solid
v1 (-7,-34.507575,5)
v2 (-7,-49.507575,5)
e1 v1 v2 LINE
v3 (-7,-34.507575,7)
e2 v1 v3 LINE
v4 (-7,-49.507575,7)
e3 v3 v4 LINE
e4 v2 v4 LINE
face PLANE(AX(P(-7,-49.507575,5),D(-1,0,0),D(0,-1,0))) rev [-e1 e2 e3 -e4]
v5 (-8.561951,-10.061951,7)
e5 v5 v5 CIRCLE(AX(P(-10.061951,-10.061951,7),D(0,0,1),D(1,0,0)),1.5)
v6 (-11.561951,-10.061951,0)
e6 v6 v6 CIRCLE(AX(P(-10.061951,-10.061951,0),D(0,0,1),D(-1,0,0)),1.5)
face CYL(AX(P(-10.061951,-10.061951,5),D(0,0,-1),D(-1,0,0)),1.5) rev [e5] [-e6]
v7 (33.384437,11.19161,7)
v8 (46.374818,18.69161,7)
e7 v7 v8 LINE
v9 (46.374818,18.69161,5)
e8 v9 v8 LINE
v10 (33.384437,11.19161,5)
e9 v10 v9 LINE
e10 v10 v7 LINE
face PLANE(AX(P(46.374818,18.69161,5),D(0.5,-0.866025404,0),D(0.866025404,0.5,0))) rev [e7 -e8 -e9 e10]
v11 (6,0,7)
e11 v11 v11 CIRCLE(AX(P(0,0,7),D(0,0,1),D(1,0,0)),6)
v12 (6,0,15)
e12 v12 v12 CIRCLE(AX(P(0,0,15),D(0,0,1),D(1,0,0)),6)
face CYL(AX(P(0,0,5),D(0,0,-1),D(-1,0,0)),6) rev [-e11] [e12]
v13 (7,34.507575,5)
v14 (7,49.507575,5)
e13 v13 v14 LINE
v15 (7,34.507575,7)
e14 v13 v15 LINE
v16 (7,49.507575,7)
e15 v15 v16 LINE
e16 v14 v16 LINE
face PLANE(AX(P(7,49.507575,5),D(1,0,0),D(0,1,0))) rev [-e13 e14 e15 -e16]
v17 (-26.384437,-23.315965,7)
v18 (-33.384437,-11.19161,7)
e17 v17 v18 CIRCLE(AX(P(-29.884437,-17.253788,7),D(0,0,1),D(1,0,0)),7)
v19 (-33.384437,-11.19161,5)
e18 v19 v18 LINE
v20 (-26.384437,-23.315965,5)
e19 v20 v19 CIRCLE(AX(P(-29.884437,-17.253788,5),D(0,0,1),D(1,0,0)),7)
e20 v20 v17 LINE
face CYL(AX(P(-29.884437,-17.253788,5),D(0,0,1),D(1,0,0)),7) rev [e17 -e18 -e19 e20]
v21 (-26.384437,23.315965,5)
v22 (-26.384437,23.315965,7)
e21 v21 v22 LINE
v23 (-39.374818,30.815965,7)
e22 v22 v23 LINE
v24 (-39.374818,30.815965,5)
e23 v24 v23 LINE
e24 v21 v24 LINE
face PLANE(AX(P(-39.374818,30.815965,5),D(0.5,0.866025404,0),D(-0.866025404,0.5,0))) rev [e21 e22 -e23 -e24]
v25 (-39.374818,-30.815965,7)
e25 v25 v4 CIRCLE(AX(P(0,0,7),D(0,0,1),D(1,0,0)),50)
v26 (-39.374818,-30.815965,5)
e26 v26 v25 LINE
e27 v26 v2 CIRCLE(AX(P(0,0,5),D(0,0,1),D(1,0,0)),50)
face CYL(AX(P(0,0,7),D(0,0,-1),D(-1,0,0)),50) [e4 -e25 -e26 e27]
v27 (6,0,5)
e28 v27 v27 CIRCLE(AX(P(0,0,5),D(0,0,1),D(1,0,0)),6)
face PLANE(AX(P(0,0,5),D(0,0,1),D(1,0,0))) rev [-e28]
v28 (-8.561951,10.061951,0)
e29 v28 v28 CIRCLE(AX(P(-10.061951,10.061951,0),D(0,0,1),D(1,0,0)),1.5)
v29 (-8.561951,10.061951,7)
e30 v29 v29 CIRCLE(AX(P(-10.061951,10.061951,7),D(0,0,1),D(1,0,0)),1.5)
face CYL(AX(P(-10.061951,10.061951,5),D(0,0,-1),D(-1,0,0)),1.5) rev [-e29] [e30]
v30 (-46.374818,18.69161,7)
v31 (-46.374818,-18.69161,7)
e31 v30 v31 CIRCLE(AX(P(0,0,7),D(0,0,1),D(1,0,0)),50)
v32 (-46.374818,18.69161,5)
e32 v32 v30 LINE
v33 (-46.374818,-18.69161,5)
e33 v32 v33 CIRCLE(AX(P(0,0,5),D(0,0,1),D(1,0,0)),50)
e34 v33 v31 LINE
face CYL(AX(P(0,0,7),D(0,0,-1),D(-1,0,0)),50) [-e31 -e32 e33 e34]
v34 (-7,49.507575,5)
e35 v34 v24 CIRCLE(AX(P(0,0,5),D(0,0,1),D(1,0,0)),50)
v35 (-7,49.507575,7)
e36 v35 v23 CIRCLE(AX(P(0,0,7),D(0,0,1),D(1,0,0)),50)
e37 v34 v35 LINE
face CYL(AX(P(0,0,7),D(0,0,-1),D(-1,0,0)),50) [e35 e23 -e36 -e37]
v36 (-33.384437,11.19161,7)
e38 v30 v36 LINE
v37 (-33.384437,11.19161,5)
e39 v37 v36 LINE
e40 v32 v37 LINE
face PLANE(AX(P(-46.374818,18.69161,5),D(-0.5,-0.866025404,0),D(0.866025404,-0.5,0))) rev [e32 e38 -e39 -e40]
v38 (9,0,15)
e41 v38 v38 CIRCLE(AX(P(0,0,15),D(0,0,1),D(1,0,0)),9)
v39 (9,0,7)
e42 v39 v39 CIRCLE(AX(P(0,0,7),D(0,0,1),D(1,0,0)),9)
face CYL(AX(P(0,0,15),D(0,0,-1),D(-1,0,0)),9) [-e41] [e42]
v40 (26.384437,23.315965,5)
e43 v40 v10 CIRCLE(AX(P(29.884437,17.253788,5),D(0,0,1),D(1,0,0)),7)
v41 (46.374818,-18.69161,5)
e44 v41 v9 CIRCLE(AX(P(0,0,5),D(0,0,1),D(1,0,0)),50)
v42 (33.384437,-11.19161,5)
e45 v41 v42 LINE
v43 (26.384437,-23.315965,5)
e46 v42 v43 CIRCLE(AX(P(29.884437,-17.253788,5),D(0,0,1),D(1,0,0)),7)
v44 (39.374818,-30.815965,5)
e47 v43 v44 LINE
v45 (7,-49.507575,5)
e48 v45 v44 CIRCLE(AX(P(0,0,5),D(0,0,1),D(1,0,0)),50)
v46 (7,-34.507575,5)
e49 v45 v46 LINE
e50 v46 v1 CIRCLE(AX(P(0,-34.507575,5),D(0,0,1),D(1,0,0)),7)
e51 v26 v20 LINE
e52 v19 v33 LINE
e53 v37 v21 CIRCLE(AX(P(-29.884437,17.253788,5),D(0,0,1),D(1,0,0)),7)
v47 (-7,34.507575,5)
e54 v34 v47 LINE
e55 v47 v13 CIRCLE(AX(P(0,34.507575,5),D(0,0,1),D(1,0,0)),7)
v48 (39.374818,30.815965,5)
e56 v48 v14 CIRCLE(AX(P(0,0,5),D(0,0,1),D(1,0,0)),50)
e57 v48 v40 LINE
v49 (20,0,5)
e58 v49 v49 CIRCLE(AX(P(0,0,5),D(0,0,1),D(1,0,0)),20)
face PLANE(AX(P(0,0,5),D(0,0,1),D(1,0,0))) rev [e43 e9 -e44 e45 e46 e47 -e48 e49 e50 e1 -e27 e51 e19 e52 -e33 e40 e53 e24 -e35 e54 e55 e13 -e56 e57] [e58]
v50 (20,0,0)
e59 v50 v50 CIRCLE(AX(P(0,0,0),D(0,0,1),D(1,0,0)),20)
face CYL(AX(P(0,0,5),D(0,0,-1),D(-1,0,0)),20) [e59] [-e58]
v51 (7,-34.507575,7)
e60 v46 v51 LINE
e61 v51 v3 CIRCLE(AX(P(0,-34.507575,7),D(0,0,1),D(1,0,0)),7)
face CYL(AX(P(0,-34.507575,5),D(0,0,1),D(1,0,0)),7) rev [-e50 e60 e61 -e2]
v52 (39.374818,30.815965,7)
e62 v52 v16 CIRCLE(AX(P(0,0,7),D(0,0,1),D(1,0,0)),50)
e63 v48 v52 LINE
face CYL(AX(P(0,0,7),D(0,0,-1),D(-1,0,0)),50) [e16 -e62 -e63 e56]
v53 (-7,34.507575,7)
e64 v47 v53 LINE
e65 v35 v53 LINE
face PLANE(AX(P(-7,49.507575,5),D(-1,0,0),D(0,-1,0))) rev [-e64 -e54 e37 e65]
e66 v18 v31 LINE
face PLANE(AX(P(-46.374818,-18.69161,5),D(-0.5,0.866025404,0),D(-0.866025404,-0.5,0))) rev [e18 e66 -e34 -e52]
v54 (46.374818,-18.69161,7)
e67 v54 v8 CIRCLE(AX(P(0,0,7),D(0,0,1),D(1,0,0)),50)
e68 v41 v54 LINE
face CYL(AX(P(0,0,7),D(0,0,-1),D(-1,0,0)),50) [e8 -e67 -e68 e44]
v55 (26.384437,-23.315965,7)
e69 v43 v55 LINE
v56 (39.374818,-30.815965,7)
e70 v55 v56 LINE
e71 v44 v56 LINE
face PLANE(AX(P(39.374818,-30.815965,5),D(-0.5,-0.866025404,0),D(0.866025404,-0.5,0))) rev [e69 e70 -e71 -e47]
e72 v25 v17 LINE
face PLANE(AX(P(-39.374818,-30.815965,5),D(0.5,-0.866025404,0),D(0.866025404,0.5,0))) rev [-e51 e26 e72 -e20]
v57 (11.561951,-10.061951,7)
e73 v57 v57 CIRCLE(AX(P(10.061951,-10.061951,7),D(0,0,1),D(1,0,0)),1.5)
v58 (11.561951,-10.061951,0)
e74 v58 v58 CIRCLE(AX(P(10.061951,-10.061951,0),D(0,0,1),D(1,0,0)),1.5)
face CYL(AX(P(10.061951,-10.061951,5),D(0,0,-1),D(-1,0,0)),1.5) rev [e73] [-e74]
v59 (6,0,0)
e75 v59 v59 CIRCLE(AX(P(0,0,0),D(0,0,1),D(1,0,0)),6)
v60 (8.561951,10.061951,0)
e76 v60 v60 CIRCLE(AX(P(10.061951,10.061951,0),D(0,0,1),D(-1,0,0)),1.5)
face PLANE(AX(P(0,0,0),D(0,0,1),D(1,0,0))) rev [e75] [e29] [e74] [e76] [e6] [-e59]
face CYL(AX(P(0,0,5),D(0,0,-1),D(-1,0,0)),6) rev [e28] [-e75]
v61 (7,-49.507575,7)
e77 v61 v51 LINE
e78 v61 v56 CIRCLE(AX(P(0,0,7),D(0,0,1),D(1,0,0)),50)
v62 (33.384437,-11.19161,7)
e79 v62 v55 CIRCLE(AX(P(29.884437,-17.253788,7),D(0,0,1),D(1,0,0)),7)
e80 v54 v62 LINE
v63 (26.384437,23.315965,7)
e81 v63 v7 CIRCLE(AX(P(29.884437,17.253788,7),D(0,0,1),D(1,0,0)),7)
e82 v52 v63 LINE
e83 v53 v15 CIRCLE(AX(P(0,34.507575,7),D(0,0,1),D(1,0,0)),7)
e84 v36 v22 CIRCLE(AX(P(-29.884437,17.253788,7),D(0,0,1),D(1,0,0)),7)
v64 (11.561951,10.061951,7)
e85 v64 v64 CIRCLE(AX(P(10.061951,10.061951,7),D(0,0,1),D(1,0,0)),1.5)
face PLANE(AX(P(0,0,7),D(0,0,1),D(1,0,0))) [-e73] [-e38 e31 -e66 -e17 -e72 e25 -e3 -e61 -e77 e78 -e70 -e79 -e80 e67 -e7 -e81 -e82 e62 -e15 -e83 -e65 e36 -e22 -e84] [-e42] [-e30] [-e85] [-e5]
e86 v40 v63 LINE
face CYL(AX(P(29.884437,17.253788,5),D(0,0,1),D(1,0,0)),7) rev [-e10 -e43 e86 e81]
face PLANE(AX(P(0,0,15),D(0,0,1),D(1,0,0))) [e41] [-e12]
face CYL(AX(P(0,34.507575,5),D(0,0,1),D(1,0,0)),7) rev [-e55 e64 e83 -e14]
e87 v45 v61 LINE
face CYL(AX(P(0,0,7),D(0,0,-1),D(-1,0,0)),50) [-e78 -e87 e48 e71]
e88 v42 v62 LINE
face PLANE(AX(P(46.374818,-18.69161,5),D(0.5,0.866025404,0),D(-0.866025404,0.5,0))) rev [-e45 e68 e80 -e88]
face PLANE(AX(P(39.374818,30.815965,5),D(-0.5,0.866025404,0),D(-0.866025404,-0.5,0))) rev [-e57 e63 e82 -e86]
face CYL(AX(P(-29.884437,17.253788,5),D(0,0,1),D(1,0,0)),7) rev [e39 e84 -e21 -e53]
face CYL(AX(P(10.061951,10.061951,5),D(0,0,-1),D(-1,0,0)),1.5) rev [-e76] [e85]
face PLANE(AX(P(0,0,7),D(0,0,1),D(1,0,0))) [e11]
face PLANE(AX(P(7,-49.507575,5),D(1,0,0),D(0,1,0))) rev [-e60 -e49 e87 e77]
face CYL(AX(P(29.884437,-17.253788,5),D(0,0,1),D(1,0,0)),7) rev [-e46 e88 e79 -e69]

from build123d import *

# Parameters (mm, degrees)
SKETCH1_R               = 20
SKETCH1_R_2             = 6
SKETCH1_R_3             = 1.5
BOSS_EXTRUDE1_DEPTH     = 5
SKETCH2_R               = 9
SKETCH2_R_2             = 6
BOSS_EXTRUDE2_DEPTH     = 10
SKETCH3_R               = 50
BOSS_EXTRUDE3_DEPTH     = 2
CUT_EXTRUDE1_START      = -2
CUT_EXTRUDE1_DEPTH      = 2
CUT_EXTRUDE2_DEPTH      = 72.944422994
CUT_EXTRUDE2_DEPTH_BACK = 72.944422994
SKETCH5_R               = 1.5


with BuildPart() as part:
    # Sketch1 → Boss-Extrude1 (new body)
    with BuildSketch(Plane.XY):
        Circle(SKETCH1_R)
        Circle(SKETCH1_R_2, mode=Mode.SUBTRACT)
        with Locations((-10.061951403, 10.061951403)):
            Circle(SKETCH1_R_3, mode=Mode.SUBTRACT)
        with Locations(Location((10.061951403, 10.061951403, 0), (0, 0, 180))):
            Circle(SKETCH1_R_3, mode=Mode.SUBTRACT)
        with Locations((10.061951403, -10.061951403)):
            Circle(SKETCH1_R_3, mode=Mode.SUBTRACT)
        with Locations(Location((-10.061951403, -10.061951403, 0), (0, 0, 180))):
            Circle(SKETCH1_R_3, mode=Mode.SUBTRACT)
    extrude(amount=BOSS_EXTRUDE1_DEPTH)

    # Sketch2 → Boss-Extrude2 (add)
    with BuildSketch(Plane.XY.offset(5)):
        Circle(SKETCH2_R)
        Circle(SKETCH2_R_2, mode=Mode.SUBTRACT)
    extrude(amount=BOSS_EXTRUDE2_DEPTH)

    # Sketch3 → Boss-Extrude3 (add)
    with BuildSketch(Plane.XY.offset(5)):
        Circle(SKETCH3_R)
    extrude(amount=BOSS_EXTRUDE3_DEPTH)

    # Sketch4 → Cut-Extrude1 (cut)
    with BuildSketch(Plane.XY.offset(7).offset(CUT_EXTRUDE1_START)):
        with BuildLine():
            Line((-7, 49.507575178), (-7, 34.507575178))
            ThreePointArc((-7, 34.507575178), (0, 27.507575178), (7, 34.507575178))
            Line((7, 34.507575178), (7, 49.507575178))
            ThreePointArc((7, 49.507575178), (0, 50), (-7, 49.507575178))
        make_face()
        with BuildLine():
            Line((39.374817784, 30.815965415), (26.384436727, 23.315965415))
            ThreePointArc((26.384436727, 23.315965415), (23.822258901, 13.753787589), (33.384436727, 11.191609762))
            Line((33.384436727, 11.191609762), (46.374817784, 18.691609762))
            ThreePointArc((46.374817784, 18.691609762), (43.301270189, 25), (39.374817784, 30.815965415))
        make_face()
        with BuildLine():
            Line((46.374817784, -18.691609762), (33.384436727, -11.191609762))
            ThreePointArc((33.384436727, -11.191609762), (23.822258901, -13.753787589), (26.384436727, -23.315965415))
            Line((26.384436727, -23.315965415), (39.374817784, -30.815965415))
            ThreePointArc((39.374817784, -30.815965415), (43.301270189, -25), (46.374817784, -18.691609762))
        make_face()
        with BuildLine():
            Line((7, -49.507575178), (7, -34.507575178))
            ThreePointArc((7, -34.507575178), (0, -27.507575178), (-7, -34.507575178))
            Line((-7, -34.507575178), (-7, -49.507575178))
            ThreePointArc((-7, -49.507575178), (0, -50), (7, -49.507575178))
        make_face()
        with BuildLine():
            Line((-39.374817784, -30.815965415), (-26.384436727, -23.315965415))
            ThreePointArc((-26.384436727, -23.315965415), (-23.822258901, -13.753787589), (-33.384436727, -11.191609762))
            Line((-33.384436727, -11.191609762), (-46.374817784, -18.691609762))
            ThreePointArc((-46.374817784, -18.691609762), (-43.301270189, -25), (-39.374817784, -30.815965415))
        make_face()
        with BuildLine():
            Line((-46.374817784, 18.691609762), (-33.384436727, 11.191609762))
            ThreePointArc((-33.384436727, 11.191609762), (-23.822258901, 13.753787589), (-26.384436727, 23.315965415))
            Line((-26.384436727, 23.315965415), (-39.374817784, 30.815965415))
            ThreePointArc((-39.374817784, 30.815965415), (-43.301270189, 25), (-46.374817784, 18.691609762))
        make_face()
    extrude(amount=CUT_EXTRUDE1_DEPTH, mode=Mode.SUBTRACT)

    # Sketch5 → Cut-Extrude2 (cut, two sides: drawn at the far end of the back side and taken through both)
    with BuildSketch(Plane(origin=(0, 0, 0), x_dir=(-1, 0, 0), z_dir=(0, 0, -1)).offset(-CUT_EXTRUDE2_DEPTH_BACK)):
        with Locations((-10.061951403, 10.061951403)):
            Circle(SKETCH5_R)
        with Locations(Location((-10.061951403, -10.061951403, 0), (0, 0, 180))):
            Circle(SKETCH5_R)
        with Locations(Location((10.061951403, 10.061951403, 0), (0, 0, 180))):
            Circle(SKETCH5_R)
        with Locations((10.061951403, -10.061951403)):
            Circle(SKETCH5_R)
    extrude(amount=CUT_EXTRUDE2_DEPTH + CUT_EXTRUDE2_DEPTH_BACK, mode=Mode.SUBTRACT)


solid = part.part
